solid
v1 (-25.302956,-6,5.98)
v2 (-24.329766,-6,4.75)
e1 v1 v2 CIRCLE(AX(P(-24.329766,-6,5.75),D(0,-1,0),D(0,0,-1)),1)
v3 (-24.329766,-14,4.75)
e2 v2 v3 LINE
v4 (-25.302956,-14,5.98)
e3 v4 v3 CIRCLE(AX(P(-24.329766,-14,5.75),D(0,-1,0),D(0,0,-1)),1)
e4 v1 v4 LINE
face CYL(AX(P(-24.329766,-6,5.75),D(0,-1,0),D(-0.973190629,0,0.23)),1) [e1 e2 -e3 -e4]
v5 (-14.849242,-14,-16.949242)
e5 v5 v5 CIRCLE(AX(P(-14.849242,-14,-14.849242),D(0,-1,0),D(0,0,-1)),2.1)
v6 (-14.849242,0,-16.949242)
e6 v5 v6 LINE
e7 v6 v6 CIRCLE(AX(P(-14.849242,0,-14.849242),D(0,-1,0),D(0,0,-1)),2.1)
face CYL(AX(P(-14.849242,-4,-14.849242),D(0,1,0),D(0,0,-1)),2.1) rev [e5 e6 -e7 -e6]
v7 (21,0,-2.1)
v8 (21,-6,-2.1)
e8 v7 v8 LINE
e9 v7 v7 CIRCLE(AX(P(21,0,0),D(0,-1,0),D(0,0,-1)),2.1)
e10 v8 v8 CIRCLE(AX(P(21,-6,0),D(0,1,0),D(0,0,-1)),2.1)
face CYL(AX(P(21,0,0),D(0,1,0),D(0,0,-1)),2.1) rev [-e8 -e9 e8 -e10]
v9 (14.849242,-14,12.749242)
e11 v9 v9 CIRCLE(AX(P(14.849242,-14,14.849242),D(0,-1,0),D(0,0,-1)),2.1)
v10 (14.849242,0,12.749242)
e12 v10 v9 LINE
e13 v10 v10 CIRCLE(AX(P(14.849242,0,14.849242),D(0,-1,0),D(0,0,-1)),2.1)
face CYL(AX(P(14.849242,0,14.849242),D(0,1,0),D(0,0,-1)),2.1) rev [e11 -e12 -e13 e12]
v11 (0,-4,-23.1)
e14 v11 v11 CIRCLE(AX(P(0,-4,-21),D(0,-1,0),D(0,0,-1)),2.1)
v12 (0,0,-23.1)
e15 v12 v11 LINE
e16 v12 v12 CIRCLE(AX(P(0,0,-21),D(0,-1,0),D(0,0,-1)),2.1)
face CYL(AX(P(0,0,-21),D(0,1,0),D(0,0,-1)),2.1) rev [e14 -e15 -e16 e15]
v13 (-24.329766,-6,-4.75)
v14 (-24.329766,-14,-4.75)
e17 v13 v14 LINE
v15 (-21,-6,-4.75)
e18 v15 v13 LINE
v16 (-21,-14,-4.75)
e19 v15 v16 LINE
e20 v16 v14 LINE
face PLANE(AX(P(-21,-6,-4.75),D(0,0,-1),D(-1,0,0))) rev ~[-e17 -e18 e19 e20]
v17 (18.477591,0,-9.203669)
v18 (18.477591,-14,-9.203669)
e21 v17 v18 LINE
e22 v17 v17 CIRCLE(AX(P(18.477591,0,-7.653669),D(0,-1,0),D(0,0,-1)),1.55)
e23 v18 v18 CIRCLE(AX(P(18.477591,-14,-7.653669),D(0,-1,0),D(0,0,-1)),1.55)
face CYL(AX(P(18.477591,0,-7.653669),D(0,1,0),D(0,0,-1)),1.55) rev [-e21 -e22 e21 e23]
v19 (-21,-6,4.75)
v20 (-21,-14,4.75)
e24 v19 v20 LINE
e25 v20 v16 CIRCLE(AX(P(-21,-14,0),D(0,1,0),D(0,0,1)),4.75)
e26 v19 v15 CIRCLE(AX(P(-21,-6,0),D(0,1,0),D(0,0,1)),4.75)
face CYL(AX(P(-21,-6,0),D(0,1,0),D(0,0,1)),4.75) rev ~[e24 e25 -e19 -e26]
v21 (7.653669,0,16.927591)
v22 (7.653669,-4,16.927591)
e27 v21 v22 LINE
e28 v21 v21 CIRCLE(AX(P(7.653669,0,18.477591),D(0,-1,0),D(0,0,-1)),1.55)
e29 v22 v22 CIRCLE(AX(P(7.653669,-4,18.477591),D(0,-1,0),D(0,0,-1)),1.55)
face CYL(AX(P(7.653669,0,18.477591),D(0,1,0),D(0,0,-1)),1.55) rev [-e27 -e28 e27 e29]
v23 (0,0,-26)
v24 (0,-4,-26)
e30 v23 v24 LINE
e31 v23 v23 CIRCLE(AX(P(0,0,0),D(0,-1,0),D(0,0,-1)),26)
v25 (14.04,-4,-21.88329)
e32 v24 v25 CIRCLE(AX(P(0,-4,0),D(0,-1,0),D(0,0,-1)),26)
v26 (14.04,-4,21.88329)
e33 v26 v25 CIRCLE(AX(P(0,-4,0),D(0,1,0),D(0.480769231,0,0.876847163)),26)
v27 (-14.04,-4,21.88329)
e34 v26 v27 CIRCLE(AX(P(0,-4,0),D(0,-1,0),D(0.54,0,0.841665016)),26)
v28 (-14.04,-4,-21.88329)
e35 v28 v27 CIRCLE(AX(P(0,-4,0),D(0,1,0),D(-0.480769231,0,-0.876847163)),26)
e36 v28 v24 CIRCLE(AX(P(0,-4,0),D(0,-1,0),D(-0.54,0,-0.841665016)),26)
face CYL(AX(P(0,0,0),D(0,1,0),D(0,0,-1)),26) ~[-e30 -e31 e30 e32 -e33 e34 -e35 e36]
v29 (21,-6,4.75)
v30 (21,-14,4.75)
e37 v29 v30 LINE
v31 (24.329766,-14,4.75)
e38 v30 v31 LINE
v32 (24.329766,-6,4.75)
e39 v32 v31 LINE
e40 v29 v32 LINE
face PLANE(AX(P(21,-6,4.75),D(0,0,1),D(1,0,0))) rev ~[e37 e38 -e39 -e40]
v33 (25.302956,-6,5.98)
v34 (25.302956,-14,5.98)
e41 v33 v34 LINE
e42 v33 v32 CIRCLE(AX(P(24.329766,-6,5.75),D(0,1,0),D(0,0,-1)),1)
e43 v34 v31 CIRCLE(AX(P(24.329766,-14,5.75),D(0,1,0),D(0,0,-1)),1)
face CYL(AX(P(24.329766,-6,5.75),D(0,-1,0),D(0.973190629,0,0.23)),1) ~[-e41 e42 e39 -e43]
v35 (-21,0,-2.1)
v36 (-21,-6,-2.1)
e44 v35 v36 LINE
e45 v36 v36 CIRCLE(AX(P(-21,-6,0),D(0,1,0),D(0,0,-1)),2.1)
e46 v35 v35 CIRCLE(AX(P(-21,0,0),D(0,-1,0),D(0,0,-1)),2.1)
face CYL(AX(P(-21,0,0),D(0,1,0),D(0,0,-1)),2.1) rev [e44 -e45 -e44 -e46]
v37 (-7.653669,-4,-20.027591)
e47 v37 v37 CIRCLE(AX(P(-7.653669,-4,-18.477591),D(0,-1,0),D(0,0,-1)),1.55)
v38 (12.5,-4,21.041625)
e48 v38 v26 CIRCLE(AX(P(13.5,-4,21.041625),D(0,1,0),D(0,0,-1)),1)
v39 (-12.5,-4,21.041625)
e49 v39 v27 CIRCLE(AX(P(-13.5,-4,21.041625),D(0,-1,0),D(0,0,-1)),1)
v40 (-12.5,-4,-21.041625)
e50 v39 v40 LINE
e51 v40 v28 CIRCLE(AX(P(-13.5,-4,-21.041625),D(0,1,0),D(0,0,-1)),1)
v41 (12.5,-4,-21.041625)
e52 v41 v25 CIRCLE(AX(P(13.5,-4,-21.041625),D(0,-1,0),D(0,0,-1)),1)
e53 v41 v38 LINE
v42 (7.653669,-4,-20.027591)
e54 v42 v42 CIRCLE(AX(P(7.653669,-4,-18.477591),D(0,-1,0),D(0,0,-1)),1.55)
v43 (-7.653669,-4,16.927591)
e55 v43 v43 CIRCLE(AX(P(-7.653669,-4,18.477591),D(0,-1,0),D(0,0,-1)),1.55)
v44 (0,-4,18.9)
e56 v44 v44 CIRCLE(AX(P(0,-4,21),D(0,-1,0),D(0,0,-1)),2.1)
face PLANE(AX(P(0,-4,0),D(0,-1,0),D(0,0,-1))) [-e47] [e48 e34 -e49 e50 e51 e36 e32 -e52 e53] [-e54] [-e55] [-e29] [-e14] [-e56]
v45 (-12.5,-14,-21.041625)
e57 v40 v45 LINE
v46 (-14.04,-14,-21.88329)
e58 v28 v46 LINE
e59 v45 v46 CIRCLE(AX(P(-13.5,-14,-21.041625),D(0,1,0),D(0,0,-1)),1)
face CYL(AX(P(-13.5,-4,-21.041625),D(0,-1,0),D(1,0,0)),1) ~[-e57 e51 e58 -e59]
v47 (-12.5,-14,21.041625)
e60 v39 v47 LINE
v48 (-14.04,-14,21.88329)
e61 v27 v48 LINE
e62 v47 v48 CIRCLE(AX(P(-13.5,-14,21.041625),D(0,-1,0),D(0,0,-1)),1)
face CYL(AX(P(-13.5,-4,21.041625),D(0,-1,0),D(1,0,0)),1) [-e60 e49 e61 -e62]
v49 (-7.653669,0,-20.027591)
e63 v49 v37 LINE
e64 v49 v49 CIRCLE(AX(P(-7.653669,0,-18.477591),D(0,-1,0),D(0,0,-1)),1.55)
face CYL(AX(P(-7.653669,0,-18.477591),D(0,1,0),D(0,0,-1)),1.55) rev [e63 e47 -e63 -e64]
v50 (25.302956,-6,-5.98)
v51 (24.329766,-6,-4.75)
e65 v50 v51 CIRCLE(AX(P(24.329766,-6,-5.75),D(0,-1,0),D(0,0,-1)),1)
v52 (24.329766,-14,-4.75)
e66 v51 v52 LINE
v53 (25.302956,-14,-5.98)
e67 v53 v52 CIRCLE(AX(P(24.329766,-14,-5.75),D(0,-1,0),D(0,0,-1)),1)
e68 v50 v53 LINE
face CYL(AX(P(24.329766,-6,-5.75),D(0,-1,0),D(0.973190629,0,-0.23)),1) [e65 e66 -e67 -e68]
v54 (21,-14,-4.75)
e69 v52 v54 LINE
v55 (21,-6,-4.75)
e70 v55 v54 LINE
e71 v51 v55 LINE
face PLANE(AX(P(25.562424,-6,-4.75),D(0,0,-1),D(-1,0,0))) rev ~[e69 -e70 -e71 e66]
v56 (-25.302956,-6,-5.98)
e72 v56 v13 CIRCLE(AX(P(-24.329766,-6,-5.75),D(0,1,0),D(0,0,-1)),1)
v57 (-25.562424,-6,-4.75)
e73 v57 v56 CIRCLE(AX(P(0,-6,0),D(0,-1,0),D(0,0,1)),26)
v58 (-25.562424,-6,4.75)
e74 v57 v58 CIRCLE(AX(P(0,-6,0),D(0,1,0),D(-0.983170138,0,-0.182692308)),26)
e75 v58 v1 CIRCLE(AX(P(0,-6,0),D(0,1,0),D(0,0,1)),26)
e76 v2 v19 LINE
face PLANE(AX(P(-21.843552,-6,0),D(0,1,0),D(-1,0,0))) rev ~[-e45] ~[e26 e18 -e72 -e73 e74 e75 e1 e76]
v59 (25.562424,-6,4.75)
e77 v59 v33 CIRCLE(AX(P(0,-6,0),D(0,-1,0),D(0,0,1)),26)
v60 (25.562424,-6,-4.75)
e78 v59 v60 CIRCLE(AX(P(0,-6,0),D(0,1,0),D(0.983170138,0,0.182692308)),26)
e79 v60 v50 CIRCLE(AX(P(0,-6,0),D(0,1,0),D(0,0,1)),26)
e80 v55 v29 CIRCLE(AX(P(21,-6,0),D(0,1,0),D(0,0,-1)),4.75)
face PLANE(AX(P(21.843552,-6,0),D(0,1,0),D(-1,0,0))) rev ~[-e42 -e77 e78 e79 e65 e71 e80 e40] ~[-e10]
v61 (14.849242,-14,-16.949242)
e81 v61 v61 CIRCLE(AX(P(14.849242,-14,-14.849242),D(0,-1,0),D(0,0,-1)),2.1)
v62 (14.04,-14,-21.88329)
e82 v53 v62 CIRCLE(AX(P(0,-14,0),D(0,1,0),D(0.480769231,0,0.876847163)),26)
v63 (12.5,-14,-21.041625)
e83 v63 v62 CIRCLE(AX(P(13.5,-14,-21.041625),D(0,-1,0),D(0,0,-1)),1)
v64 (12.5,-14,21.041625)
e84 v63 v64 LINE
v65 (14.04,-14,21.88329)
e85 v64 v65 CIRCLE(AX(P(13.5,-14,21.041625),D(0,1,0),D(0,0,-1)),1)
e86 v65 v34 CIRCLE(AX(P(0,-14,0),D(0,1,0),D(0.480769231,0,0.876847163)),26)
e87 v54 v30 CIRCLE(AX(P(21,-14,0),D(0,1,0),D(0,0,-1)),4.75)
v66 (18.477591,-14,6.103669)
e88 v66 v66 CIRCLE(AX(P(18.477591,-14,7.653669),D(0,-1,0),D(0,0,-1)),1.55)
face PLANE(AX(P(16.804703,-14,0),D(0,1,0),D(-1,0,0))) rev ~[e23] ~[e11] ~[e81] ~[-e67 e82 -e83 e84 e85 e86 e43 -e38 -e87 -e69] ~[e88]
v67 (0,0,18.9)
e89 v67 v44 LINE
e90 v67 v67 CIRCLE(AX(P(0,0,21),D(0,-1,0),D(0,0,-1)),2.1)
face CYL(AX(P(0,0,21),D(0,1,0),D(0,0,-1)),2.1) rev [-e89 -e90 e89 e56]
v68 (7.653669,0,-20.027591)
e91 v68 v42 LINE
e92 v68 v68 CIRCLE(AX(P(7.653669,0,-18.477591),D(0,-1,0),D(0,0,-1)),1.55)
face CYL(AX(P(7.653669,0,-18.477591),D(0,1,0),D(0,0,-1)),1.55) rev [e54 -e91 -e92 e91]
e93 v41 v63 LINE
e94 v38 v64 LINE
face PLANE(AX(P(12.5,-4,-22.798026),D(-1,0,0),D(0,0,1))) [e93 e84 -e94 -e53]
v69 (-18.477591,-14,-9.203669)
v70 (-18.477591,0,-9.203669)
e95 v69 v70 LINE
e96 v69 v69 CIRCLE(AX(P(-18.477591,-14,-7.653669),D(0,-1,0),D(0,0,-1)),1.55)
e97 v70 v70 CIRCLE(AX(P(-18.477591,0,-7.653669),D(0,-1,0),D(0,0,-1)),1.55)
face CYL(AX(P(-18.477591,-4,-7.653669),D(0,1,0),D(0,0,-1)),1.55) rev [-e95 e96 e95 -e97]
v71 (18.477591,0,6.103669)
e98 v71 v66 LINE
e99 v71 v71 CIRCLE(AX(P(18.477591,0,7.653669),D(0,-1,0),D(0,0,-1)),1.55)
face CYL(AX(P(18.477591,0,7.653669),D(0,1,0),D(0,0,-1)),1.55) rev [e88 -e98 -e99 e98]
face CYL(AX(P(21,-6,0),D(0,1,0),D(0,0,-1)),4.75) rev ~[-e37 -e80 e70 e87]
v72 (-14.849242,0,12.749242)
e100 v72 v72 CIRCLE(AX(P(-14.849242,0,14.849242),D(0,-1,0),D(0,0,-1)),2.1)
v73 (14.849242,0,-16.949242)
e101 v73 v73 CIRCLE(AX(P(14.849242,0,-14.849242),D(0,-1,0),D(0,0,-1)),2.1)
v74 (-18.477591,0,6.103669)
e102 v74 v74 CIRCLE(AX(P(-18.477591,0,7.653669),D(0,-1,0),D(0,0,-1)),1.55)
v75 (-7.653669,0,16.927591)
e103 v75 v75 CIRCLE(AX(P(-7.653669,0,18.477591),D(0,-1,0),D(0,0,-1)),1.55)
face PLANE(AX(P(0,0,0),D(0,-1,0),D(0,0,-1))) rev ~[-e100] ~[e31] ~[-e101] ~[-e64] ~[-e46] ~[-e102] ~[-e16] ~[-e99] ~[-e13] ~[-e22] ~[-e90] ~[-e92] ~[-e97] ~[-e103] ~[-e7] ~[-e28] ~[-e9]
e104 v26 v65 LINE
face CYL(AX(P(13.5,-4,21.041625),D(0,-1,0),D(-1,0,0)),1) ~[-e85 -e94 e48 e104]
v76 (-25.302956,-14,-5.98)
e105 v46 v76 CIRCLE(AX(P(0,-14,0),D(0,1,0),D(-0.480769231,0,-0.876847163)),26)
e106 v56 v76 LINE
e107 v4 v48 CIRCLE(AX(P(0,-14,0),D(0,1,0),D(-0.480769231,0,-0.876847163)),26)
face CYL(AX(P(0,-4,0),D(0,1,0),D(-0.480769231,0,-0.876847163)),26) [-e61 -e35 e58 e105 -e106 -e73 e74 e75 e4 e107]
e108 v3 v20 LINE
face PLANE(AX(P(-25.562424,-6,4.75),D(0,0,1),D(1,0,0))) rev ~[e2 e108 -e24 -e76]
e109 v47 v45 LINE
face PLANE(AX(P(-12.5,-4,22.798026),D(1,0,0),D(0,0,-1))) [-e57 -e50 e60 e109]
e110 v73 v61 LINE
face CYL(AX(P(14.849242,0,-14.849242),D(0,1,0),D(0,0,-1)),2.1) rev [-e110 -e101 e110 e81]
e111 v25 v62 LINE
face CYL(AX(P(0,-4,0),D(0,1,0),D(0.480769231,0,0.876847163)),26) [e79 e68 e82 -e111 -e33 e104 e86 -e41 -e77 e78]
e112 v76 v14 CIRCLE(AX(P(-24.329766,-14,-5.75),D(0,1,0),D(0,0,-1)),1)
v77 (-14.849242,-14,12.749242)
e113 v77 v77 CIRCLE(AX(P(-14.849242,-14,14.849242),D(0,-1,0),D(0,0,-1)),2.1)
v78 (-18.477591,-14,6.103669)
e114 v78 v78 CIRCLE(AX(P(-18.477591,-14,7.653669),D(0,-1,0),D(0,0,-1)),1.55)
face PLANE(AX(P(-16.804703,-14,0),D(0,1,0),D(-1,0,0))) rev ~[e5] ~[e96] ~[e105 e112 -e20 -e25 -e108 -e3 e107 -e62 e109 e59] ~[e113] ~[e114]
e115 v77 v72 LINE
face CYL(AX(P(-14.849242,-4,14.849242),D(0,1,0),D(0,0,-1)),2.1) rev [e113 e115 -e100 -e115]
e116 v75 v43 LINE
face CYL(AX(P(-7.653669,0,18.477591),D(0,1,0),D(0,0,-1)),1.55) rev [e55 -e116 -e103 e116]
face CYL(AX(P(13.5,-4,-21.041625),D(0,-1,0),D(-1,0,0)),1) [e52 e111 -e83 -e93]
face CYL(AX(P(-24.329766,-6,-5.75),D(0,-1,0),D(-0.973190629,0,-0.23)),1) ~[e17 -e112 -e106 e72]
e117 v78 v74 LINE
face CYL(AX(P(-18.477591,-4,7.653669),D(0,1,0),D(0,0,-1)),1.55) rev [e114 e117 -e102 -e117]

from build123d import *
from build123d.topology import SkipClean

# Parameters (mm, degrees)
SKETCH4_R           = 26
SKETCH4_R_2         = 2.1
SKETCH4_R_3         = 1.55
BOSS_EXTRUDE1_DEPTH = 4
SKETCH5_R           = 1.55
SKETCH5_R_2         = 2.1
BOSS_EXTRUDE2_DEPTH = 10
CUT_EXTRUDE1_START  = -8
CUT_EXTRUDE1_DEPTH  = 8
FILLET1_R           = 1


with BuildPart() as part:
    # Sketch4 → Boss-Extrude1 (new body)
    with BuildSketch(Plane(origin=(0, 0, 3), x_dir=(1, 0, 0), z_dir=(0, -1, 0))):
        with Locations(Location((0, -3, 0), (0, 0, 270))):
            Circle(SKETCH4_R)
        with Locations(Location((0, 18, 0), (0, 0, 270))):
            Circle(SKETCH4_R_2, mode=Mode.SUBTRACT)
        with Locations(Location((7.653668647, 15.47759065, 0), (0, 0, 270))):
            Circle(SKETCH4_R_3, mode=Mode.SUBTRACT)
        with Locations(Location((14.849242405, 11.849242405, 0), (0, 0, 270))):
            Circle(SKETCH4_R_2, mode=Mode.SUBTRACT)
        with Locations(Location((18.47759065, 4.653668647, 0), (0, 0, 270))):
            Circle(SKETCH4_R_3, mode=Mode.SUBTRACT)
        with Locations(Location((21, -3, 0), (0, 0, 270))):
            Circle(SKETCH4_R_2, mode=Mode.SUBTRACT)
        with Locations(Location((18.47759065, -10.653668647, 0), (0, 0, 270))):
            Circle(SKETCH4_R_3, mode=Mode.SUBTRACT)
        with Locations(Location((14.849242405, -17.849242405, 0), (0, 0, 270))):
            Circle(SKETCH4_R_2, mode=Mode.SUBTRACT)
        with Locations(Location((7.653668647, -21.47759065, 0), (0, 0, 270))):
            Circle(SKETCH4_R_3, mode=Mode.SUBTRACT)
        with Locations(Location((0, -24, 0), (0, 0, 270))):
            Circle(SKETCH4_R_2, mode=Mode.SUBTRACT)
        with Locations(Location((-7.653668647, -21.47759065, 0), (0, 0, 270))):
            Circle(SKETCH4_R_3, mode=Mode.SUBTRACT)
        with Locations(Location((-14.849242405, -17.849242405, 0), (0, 0, 270))):
            Circle(SKETCH4_R_2, mode=Mode.SUBTRACT)
        with Locations(Location((-18.47759065, -10.653668647, 0), (0, 0, 270))):
            Circle(SKETCH4_R_3, mode=Mode.SUBTRACT)
        with Locations(Location((-21, -3, 0), (0, 0, 270))):
            Circle(SKETCH4_R_2, mode=Mode.SUBTRACT)
        with Locations(Location((-18.47759065, 4.653668647, 0), (0, 0, 270))):
            Circle(SKETCH4_R_3, mode=Mode.SUBTRACT)
        with Locations(Location((-14.849242405, 11.849242405, 0), (0, 0, 270))):
            Circle(SKETCH4_R_2, mode=Mode.SUBTRACT)
        with Locations(Location((-7.653668647, 15.47759065, 0), (0, 0, 270))):
            Circle(SKETCH4_R_3, mode=Mode.SUBTRACT)
    extrude(amount=BOSS_EXTRUDE1_DEPTH)

    # Sketch5 → Boss-Extrude2 (add)
    # profile 1 of 2: a face of its own
    with SkipClean():  # the faces are left unmerged after this step: merging them gives an invalid solid
        with BuildSketch(Plane.XZ.offset(4)):
            with BuildLine():
                Line((-12.5, 22.79802623), (-12.5, -22.79802623))
                ThreePointArc((-12.5, -22.79802623), (-26, 0), (-12.5, 22.79802623))
            make_face()
            with Locations(Location((-18.47759065, 7.653668647, 0), (0, 0, 270))):
                Circle(SKETCH5_R, mode=Mode.SUBTRACT)
            with Locations(Location((-18.47759065, -7.653668647, 0), (0, 0, 270))):
                Circle(SKETCH5_R, mode=Mode.SUBTRACT)
            with Locations(Location((-14.849242405, -14.849242405, 0), (0, 0, 270))):
                Circle(SKETCH5_R_2, mode=Mode.SUBTRACT)
            with Locations(Location((-21, 0, 0), (0, 0, 270))):
                Circle(SKETCH5_R_2, mode=Mode.SUBTRACT)
            with Locations(Location((-14.849242405, 14.849242405, 0), (0, 0, 270))):
                Circle(SKETCH5_R_2, mode=Mode.SUBTRACT)
        # profile 2 of 2: a face of its own
        with BuildSketch(Plane.XZ.offset(4)):
            with BuildLine():
                Line((12.5, -22.79802623), (12.5, 22.79802623))
                ThreePointArc((12.5, 22.79802623), (26, 0), (12.5, -22.79802623))
            make_face()
            with Locations(Location((18.47759065, -7.653668647, 0), (0, 0, 270))):
                Circle(SKETCH5_R, mode=Mode.SUBTRACT)
            with Locations(Location((18.47759065, 7.653668647, 0), (0, 0, 270))):
                Circle(SKETCH5_R, mode=Mode.SUBTRACT)
            with Locations(Location((14.849242405, 14.849242405, 0), (0, 0, 270))):
                Circle(SKETCH5_R_2, mode=Mode.SUBTRACT)
            with Locations(Location((21, 0, 0), (0, 0, 270))):
                Circle(SKETCH5_R_2, mode=Mode.SUBTRACT)
            with Locations(Location((14.849242405, -14.849242405, 0), (0, 0, 270))):
                Circle(SKETCH5_R_2, mode=Mode.SUBTRACT)
        extrude(amount=BOSS_EXTRUDE2_DEPTH)

    # Sketch6 → Cut-Extrude1 (cut)
    with SkipClean():  # the faces are left unmerged after this step: merging them gives an invalid solid
        with BuildSketch(Plane.XZ.offset(14).offset(CUT_EXTRUDE1_START)):
            with BuildLine():
                Line((21, 4.75), (25.562423594, 4.75))
                ThreePointArc((25.562423594, 4.75), (26, 0), (25.562423594, -4.75))
                Line((25.562423594, -4.75), (21, -4.75))
                ThreePointArc((21, -4.75), (16.25, 0), (21, 4.75))
            make_face()
            with BuildLine():
                Line((-21, -4.75), (-25.562423594, -4.75))
                ThreePointArc((-25.562423594, -4.75), (-26, 0), (-25.562423594, 4.75))
                Line((-25.562423594, 4.75), (-21, 4.75))
                ThreePointArc((-21, 4.75), (-16.25, 0), (-21, -4.75))
            make_face()
        extrude(amount=CUT_EXTRUDE1_DEPTH, mode=Mode.SUBTRACT)

    # Fillet1
    fillet1_edges = [part.edges().sort_by_distance(p)[0] for p in [
        (-25.562423594, -10, -4.75),
        (-25.562423594, -10, 4.75),
        (25.562423594, -10, 4.75),
        (25.562423594, -10, -4.75),
        (-12.5, -9, 22.79802623),
        (-12.5, -9, -22.79802623),
        (12.5, -9, -22.79802623),
        (12.5, -9, 22.79802623),
    ]]
    fillet(fillet1_edges, radius=FILLET1_R)


solid = part.part
